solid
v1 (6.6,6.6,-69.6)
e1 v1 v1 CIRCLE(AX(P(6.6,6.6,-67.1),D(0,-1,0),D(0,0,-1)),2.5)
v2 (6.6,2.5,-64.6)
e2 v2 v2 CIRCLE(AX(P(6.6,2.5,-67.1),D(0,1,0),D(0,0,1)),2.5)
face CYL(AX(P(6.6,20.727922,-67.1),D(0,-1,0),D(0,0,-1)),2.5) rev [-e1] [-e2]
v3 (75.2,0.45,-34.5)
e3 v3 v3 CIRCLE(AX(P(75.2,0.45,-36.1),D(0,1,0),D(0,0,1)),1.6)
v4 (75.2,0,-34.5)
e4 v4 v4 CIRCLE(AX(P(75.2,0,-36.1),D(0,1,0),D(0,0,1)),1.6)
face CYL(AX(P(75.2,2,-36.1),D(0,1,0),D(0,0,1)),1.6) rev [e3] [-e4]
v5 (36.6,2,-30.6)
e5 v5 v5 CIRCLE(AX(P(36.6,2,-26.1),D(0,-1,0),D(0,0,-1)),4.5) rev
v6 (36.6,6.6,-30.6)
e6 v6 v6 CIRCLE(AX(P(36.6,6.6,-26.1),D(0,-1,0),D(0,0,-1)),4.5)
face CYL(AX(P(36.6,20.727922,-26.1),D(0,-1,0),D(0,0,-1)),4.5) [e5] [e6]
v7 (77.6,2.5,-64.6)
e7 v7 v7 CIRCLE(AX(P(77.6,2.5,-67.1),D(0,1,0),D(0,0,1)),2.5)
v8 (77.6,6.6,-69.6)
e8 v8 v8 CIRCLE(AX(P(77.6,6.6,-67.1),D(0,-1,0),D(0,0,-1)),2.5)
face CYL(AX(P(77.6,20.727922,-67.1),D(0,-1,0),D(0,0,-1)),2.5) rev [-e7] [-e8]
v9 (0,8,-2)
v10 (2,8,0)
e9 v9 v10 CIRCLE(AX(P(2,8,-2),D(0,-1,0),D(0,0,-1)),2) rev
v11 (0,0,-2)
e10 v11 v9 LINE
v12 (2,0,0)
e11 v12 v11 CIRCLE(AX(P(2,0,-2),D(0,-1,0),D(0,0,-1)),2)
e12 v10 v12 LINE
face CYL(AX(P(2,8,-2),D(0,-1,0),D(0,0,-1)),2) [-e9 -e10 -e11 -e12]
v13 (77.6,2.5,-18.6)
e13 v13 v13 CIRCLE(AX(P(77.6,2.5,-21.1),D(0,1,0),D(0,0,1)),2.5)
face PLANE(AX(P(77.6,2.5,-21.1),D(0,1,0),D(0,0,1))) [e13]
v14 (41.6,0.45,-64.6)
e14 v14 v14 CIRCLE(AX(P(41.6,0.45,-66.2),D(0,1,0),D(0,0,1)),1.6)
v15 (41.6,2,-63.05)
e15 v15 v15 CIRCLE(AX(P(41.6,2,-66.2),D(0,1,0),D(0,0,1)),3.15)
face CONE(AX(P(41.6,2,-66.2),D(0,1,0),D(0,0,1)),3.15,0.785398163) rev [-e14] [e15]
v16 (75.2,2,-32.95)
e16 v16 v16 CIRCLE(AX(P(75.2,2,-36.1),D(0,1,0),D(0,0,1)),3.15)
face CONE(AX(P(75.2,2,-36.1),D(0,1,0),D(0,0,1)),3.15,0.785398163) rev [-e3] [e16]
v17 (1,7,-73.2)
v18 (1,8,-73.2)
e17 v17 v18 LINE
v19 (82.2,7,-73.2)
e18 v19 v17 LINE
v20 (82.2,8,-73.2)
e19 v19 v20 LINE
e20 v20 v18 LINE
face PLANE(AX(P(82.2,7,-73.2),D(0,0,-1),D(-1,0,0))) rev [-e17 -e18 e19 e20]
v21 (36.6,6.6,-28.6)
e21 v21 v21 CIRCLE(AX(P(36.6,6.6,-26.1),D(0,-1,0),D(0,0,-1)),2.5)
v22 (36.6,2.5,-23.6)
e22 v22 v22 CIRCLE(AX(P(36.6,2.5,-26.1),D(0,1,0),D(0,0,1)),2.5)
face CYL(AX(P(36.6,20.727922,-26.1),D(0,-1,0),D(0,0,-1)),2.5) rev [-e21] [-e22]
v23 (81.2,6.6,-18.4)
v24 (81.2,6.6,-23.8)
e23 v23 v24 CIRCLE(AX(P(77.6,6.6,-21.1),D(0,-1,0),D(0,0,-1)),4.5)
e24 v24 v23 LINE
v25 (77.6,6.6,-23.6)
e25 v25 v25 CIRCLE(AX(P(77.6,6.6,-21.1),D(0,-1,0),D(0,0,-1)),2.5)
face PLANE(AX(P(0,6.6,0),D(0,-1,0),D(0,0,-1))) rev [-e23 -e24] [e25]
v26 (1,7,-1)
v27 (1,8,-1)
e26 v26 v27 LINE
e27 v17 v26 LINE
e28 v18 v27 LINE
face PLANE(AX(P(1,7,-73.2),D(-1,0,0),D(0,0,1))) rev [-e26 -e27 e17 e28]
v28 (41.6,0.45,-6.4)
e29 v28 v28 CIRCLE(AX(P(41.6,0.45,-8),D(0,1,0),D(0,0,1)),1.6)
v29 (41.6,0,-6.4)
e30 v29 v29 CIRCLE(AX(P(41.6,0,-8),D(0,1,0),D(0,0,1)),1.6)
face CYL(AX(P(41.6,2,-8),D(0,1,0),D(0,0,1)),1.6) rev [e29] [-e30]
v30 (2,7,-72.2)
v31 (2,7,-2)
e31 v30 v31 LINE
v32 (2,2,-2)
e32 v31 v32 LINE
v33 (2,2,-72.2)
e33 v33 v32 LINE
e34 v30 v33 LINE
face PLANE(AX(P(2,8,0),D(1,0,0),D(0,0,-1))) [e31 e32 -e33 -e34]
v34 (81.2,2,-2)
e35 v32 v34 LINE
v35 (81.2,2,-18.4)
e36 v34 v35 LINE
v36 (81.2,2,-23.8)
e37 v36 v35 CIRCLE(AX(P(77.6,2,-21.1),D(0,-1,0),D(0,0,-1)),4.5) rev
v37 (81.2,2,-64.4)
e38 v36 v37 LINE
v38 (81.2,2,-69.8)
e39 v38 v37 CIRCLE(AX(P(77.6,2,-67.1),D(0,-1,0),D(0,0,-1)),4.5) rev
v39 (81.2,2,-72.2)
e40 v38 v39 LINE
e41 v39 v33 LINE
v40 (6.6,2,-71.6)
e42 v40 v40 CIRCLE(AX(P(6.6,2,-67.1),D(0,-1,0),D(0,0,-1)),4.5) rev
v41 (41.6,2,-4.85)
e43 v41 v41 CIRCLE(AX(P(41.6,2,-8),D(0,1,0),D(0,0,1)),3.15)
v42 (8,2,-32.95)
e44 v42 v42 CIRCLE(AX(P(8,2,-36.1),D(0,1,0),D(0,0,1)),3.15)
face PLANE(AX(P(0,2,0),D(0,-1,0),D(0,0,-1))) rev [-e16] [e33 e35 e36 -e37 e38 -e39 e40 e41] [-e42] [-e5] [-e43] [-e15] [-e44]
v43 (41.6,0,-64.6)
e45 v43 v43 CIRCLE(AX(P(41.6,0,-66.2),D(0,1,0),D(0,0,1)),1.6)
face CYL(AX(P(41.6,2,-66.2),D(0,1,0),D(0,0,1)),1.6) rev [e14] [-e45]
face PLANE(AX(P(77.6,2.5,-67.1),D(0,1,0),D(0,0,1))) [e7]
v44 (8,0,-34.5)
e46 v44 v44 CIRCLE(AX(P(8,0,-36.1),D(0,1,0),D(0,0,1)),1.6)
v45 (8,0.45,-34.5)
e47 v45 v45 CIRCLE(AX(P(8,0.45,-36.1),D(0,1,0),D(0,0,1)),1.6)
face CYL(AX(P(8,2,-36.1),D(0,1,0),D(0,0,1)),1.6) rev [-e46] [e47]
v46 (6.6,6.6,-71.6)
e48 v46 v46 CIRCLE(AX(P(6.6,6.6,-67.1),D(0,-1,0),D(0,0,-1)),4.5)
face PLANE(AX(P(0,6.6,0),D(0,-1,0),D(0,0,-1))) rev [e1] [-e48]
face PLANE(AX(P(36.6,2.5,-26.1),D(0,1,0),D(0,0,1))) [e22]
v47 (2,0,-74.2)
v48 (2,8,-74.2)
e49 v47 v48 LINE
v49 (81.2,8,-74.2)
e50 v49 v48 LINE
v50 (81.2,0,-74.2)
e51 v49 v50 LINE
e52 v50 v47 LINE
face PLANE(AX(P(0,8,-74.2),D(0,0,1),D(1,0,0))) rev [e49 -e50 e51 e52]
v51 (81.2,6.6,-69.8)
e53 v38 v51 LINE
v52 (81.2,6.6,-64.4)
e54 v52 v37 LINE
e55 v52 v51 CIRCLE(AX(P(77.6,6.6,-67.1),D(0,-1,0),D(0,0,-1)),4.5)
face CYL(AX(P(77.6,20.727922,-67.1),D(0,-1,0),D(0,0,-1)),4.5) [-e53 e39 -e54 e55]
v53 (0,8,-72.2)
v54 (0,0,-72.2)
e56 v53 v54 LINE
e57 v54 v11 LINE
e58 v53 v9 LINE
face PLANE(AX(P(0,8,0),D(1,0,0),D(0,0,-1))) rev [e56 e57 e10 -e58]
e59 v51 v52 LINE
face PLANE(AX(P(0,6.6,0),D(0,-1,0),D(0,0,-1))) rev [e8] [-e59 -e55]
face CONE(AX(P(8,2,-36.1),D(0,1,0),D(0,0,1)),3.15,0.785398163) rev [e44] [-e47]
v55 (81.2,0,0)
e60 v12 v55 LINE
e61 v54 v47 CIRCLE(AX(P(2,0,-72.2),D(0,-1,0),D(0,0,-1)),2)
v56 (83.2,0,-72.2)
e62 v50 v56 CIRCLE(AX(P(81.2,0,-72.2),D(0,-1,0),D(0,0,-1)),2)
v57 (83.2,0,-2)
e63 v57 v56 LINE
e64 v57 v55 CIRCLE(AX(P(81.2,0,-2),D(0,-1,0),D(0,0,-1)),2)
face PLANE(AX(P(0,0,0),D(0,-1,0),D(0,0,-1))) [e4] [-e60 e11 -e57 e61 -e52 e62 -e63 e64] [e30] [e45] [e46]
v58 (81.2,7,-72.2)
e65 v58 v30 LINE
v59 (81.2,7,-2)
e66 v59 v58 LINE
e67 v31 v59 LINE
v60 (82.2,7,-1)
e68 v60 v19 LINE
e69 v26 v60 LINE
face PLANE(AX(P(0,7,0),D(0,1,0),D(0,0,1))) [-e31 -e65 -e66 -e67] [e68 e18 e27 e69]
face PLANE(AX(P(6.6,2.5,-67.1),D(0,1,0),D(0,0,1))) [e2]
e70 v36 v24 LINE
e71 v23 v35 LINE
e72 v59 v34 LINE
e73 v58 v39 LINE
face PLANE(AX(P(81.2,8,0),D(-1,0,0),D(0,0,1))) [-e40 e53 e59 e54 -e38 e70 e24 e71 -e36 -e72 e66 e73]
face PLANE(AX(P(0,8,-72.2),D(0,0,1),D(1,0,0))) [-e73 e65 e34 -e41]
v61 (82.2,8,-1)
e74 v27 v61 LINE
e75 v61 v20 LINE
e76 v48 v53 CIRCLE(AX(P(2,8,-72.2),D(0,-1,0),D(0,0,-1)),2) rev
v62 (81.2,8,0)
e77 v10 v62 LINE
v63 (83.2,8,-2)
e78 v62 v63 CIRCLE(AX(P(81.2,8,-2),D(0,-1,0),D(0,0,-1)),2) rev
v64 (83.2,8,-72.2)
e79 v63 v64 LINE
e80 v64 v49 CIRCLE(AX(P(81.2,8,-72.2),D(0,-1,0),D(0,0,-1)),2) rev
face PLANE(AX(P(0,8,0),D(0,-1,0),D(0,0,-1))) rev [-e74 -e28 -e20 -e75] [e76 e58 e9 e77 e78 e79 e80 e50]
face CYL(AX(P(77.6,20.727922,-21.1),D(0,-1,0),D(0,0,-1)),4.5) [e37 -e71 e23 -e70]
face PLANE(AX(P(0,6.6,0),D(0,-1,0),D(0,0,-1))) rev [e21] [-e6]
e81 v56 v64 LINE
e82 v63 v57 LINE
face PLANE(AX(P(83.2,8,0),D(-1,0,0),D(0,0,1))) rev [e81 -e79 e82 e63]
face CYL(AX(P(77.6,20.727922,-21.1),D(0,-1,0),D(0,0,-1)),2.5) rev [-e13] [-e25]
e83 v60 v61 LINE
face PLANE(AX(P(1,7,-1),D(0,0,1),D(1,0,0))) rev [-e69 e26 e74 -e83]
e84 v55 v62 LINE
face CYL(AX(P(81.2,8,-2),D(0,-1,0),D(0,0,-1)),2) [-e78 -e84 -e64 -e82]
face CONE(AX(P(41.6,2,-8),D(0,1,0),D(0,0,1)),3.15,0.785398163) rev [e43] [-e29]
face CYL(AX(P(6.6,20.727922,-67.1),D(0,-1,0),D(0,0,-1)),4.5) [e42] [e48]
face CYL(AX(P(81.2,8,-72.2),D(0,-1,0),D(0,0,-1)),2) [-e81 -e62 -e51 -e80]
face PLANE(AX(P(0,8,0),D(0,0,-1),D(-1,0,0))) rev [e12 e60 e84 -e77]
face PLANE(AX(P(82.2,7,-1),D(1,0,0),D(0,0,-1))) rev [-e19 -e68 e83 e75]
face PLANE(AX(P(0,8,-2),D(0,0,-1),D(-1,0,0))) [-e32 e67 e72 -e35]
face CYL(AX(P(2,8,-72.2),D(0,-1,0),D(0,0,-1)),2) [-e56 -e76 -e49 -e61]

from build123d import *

# Parameters (mm, degrees)
SKETCH1_W                                      = 83.2
SKETCH1_H                                      = 74.2
BOSS_EXTRUDE1_DEPTH                            = 8
SHELL1_T                                       = -2
SKETCH2_R                                      = 4.5
SKETCH2_R_2                                    = 2.5
BOSS_EXTRUDE2_DEPTH                            = 4.6
SKETCH3_W                                      = 81.2
SKETCH3_H                                      = 72.2
CUT_EXTRUDE1_DEPTH                             = 1
SKETCH4_R                                      = 2.5
BOSS_EXTRUDE3_DEPTH                            = 0.5
CSK_FOR_M3_FLAT_HEAD_MACHINE_SCREW1_AT_2_COUNT = 2
CSK_FOR_M3_FLAT_HEAD_MACHINE_SCREW1_AT_2_PITCH = 45.11064176
CSK_FOR_M3_FLAT_HEAD_MACHINE_SCREW1_AT_3_COUNT = 2
CSK_FOR_M3_FLAT_HEAD_MACHINE_SCREW1_AT_3_PITCH = 45.11064176
CSK_FOR_M3_FLAT_HEAD_MACHINE_SCREW1_AT_4_COUNT = 2
CSK_FOR_M3_FLAT_HEAD_MACHINE_SCREW1_AT_4_PITCH = 58.2
FILLET1_R                                      = 2


with BuildPart() as part:
    # Sketch1 → Boss-Extrude1 (new body)
    with BuildSketch(Plane(origin=(0, 0, 0), x_dir=(1, 0, 0), z_dir=(0, 1, 0))):
        with Locations((41.6, 37.1)):
            Rectangle(SKETCH1_W, SKETCH1_H)
    extrude(amount=BOSS_EXTRUDE1_DEPTH)

    # Shell1
    shell1_openings = [part.faces().sort_by_distance(p)[0] for p in [
        (41.6, 8, -37.1),
    ]]
    offset(amount=SHELL1_T, openings=shell1_openings, kind=Kind.INTERSECTION)

    # Sketch2 → Boss-Extrude2 (add)
    # profile 1 of 4: a face of its own
    with BuildSketch(Plane(origin=(0, 2, 0), x_dir=(1, 0, 0), z_dir=(0, 1, 0))):
        with Locations(Location((6.6, 67.1, 0), (0, 0, 90))):
            Circle(SKETCH2_R)
        with Locations(Location((6.6, 67.1, 0), (0, 0, 90))):
            Circle(SKETCH2_R_2, mode=Mode.SUBTRACT)
    # profile 2 of 4: a face of its own
    with BuildSketch(Plane(origin=(0, 2, 0), x_dir=(1, 0, 0), z_dir=(0, 1, 0))):
        with Locations(Location((36.6, 26.1, 0), (0, 0, 90))):
            Circle(SKETCH2_R)
        with Locations(Location((36.6, 26.1, 0), (0, 0, 90))):
            Circle(SKETCH2_R_2, mode=Mode.SUBTRACT)
    # profile 3 of 4: a face of its own
    with BuildSketch(Plane(origin=(0, 2, 0), x_dir=(1, 0, 0), z_dir=(0, 1, 0))):
        with Locations((77.6, 67.1)):
            Circle(SKETCH2_R)
        with Locations(Location((77.6, 67.1, 0), (0, 0, 90))):
            Circle(SKETCH2_R_2, mode=Mode.SUBTRACT)
    # profile 4 of 4: a face of its own
    with BuildSketch(Plane(origin=(0, 2, 0), x_dir=(1, 0, 0), z_dir=(0, 1, 0))):
        with Locations((77.6, 21.1)):
            Circle(SKETCH2_R)
        with Locations(Location((77.6, 21.1, 0), (0, 0, 90))):
            Circle(SKETCH2_R_2, mode=Mode.SUBTRACT)
    extrude(amount=BOSS_EXTRUDE2_DEPTH)

    # Sketch3 → Cut-Extrude1 (cut)
    with BuildSketch(Plane(origin=(0, 8, 0), x_dir=(1, 0, 0), z_dir=(0, 1, 0))):
        with Locations((41.6, 37.1)):
            Rectangle(SKETCH3_W, SKETCH3_H)
    extrude(amount=-CUT_EXTRUDE1_DEPTH, mode=Mode.SUBTRACT)

    # Sketch4 → Boss-Extrude3 (add)
    with BuildSketch(Plane(origin=(0, 2, 0), x_dir=(1, 0, 0), z_dir=(0, 1, 0))):
        with Locations(Location((6.6, 67.1, 0), (0, 0, 90))):
            Circle(SKETCH4_R)
        with Locations(Location((77.6, 67.1, 0), (0, 0, 90))):
            Circle(SKETCH4_R)
        with Locations(Location((36.6, 26.1, 0), (0, 0, 90))):
            Circle(SKETCH4_R)
        with Locations(Location((77.6, 21.1, 0), (0, 0, 90))):
            Circle(SKETCH4_R)
    extrude(amount=BOSS_EXTRUDE3_DEPTH)

    # Sketch6 → CSK for M3 Flat Head Machine Screw1 (revolve, cut)
    with BuildSketch(Plane(origin=(41.6, 2, -66.2), x_dir=(0, 0, 1), z_dir=(1, 0, 0))):
        Polygon((0, 0), (0, 2), (1.6, 2), (1.6, 1.55), (3.15, 0), align=None)
    csk_for_m3_flat_head_machine_screw1 = revolve(axis=Axis((41.6, 8.35, -66.2), (0, -1, 0)), mode=Mode.SUBTRACT)

    # CSK for M3 Flat Head Machine Screw1 at 2: CSK for M3 Flat Head Machine Screw1 ×2
    with Locations(*[Vector(-0.7448353357230582, 0, 0.6672483215852396) * (i * CSK_FOR_M3_FLAT_HEAD_MACHINE_SCREW1_AT_2_PITCH) for i in range(1, CSK_FOR_M3_FLAT_HEAD_MACHINE_SCREW1_AT_2_COUNT)]):
        add(csk_for_m3_flat_head_machine_screw1, mode=Mode.SUBTRACT)

    # CSK for M3 Flat Head Machine Screw1 at 3: CSK for M3 Flat Head Machine Screw1 ×2
    with Locations(*[Vector(0.7448353357230579, 0, 0.6672483215852397) * (i * CSK_FOR_M3_FLAT_HEAD_MACHINE_SCREW1_AT_3_PITCH) for i in range(1, CSK_FOR_M3_FLAT_HEAD_MACHINE_SCREW1_AT_3_COUNT)]):
        add(csk_for_m3_flat_head_machine_screw1, mode=Mode.SUBTRACT)

    # CSK for M3 Flat Head Machine Screw1 at 4: CSK for M3 Flat Head Machine Screw1 ×2
    with Locations(*[(0, 0, i * CSK_FOR_M3_FLAT_HEAD_MACHINE_SCREW1_AT_4_PITCH) for i in range(1, CSK_FOR_M3_FLAT_HEAD_MACHINE_SCREW1_AT_4_COUNT)]):
        add(csk_for_m3_flat_head_machine_screw1, mode=Mode.SUBTRACT)

    # Fillet1
    fillet1_edges = [part.edges().sort_by_distance(p)[0] for p in [
        (0, 4, -74.2),
        (83.2, 4, -74.2),
        (83.2, 4, 0),
        (0, 4, 0),
    ]]
    fillet(fillet1_edges, radius=FILLET1_R)


solid = part.part
